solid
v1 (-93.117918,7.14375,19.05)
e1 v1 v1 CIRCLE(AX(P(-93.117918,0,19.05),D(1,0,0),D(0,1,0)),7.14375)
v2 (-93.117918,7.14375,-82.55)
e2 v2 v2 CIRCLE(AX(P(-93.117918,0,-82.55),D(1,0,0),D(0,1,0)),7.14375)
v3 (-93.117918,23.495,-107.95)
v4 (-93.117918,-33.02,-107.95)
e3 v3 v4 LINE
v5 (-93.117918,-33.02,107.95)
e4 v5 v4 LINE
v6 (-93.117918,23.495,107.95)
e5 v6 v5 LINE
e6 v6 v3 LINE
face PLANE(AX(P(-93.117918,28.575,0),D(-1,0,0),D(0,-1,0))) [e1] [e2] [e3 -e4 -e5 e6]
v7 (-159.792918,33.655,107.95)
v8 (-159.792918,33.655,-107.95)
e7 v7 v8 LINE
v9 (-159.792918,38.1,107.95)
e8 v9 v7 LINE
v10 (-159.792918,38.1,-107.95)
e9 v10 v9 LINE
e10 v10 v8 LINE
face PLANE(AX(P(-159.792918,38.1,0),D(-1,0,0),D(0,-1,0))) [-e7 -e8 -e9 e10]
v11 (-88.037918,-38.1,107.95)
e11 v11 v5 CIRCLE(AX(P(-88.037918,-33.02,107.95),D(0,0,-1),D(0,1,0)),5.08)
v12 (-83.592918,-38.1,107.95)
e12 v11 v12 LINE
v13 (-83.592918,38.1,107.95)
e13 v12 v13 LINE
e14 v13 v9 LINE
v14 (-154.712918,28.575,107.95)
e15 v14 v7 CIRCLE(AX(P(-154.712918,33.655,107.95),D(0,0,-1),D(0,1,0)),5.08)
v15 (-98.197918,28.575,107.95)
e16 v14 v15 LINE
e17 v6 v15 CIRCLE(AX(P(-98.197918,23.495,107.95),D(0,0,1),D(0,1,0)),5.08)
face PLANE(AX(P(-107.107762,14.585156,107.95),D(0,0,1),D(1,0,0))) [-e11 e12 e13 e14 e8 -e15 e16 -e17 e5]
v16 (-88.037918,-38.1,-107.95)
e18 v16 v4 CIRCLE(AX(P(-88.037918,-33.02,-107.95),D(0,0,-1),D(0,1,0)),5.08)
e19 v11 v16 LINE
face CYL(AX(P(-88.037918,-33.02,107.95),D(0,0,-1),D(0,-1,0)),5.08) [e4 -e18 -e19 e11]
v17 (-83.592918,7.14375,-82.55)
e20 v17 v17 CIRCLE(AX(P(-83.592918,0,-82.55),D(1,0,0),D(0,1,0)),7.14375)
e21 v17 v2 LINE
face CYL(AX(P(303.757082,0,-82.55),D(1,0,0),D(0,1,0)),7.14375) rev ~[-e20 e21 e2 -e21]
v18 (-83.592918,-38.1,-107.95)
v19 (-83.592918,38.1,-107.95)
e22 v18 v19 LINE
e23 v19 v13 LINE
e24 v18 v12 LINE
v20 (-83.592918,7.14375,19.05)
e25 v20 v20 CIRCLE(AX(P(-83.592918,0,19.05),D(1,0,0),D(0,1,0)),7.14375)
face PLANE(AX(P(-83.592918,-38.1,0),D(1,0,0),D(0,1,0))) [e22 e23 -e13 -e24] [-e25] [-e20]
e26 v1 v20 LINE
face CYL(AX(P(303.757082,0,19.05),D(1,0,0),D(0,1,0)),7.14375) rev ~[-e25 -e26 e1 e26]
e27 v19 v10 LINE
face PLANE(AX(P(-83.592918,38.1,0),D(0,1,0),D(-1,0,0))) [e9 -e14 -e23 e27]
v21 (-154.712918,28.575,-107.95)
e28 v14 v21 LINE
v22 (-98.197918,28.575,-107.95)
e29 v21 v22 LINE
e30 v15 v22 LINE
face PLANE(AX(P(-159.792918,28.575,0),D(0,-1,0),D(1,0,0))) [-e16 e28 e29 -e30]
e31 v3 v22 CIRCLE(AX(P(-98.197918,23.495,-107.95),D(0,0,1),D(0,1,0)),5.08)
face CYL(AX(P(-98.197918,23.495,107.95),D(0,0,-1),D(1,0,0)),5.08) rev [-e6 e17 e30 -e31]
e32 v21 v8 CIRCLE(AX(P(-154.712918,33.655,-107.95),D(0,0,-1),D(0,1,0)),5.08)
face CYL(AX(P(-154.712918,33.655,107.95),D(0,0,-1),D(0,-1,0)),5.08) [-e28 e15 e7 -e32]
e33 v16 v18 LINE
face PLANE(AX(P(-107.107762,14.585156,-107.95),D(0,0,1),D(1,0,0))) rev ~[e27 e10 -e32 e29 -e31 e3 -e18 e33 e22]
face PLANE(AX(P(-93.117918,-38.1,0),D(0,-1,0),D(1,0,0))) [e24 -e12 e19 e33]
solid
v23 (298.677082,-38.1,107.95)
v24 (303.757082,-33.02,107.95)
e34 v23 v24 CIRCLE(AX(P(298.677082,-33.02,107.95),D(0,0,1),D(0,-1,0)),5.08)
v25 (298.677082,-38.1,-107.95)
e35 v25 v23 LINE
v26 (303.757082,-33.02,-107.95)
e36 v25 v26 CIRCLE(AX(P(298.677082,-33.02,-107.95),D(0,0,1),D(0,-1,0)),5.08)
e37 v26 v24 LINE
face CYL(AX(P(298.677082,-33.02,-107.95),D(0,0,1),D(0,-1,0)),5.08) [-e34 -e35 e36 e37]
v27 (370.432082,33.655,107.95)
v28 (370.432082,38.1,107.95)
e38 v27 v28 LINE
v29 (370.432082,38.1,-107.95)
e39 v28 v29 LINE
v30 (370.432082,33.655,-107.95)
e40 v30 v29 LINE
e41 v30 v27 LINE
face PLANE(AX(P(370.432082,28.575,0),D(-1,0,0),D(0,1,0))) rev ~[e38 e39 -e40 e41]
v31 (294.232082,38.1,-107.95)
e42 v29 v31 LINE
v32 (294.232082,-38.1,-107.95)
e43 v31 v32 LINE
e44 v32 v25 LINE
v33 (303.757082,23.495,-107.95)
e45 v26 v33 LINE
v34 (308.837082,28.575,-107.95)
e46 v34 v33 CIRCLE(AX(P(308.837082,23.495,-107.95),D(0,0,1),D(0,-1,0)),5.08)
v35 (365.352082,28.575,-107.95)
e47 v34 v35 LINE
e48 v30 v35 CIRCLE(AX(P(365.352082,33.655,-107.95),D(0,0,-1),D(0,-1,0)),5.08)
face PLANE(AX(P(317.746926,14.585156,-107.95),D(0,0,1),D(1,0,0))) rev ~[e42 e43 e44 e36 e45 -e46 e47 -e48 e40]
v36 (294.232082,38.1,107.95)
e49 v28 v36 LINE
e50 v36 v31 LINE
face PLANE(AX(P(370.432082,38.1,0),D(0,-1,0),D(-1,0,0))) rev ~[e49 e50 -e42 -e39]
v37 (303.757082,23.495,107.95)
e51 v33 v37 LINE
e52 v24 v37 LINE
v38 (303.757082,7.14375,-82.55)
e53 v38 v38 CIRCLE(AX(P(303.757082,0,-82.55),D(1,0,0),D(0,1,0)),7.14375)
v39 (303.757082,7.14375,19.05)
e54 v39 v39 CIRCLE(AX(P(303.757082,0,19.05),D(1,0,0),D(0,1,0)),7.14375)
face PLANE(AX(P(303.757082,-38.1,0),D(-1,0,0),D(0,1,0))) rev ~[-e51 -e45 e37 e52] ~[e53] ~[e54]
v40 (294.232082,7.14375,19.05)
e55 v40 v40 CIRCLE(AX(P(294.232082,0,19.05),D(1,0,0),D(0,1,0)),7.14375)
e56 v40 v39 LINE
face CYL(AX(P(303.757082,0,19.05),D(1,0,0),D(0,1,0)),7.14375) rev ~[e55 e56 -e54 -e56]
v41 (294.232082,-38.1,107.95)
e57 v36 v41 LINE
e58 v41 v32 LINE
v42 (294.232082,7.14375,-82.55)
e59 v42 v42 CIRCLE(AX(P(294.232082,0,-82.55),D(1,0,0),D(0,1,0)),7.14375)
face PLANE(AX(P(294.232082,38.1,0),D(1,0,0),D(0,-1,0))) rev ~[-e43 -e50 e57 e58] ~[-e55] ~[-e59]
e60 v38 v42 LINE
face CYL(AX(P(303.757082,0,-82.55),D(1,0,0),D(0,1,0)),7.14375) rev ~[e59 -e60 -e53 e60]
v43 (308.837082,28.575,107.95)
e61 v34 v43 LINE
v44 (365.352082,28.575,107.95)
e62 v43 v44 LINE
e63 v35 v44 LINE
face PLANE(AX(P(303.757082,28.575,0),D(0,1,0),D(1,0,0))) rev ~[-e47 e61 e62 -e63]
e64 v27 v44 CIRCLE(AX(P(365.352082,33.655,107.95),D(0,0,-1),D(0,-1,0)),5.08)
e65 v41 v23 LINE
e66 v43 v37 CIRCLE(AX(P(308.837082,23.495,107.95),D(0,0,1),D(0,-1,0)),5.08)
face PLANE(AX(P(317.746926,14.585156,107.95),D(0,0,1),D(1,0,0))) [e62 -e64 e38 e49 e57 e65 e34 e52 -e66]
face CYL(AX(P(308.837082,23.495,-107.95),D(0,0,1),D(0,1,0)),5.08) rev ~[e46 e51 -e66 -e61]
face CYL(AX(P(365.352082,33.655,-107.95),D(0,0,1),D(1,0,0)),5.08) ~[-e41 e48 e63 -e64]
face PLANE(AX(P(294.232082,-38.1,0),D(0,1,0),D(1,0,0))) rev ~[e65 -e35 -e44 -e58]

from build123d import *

# Parameters (mm, degrees)
F1_DEPTH = 107.95
F2_R     = 5.08
F3_R     = 7.14375
F4_DEPTH = 408.94
F5_R     = 7.14375
F6_DEPTH = 25.4


with BuildPart() as f1:
    # F0 (on Top) → F1 (new body, symmetric)
    with BuildSketch(Plane.XY):
        Polygon((294.232082, -38.1), (303.757082, -38.1), (303.757082, 28.575), (370.432082, 28.575), (370.432082, 38.1), (294.232082, 38.1), align=None)
        Polygon((-93.117918, -38.1), (-83.592918, -38.1), (-83.592918, 38.1), (-159.792918, 38.1), (-159.792918, 28.575), (-93.117918, 28.575), align=None)
    extrude(amount=F1_DEPTH, both=True)

    # F2
    f2_edges = [f1.edges().sort_by_distance(p)[0] for p in [
        (-159.792918, 28.575, 0),
        (-93.117918, 28.575, 0),
        (-93.117918, -38.1, 0),
        (303.757082, -38.1, 0),
        (303.757082, 28.575, 0),
        (370.432082, 28.575, 0),
    ]]
    fillet(f2_edges, radius=F2_R)

    # F3 (on face) → F4 (cut, symmetric)
    with BuildSketch(Plane.YZ.offset(303.757082)):
        with Locations((0, -82.55)):
            Circle(F3_R)
        with Locations((0, 19.05)):
            Circle(F3_R)
    extrude(amount=F4_DEPTH, both=True, mode=Mode.SUBTRACT)

    # F5 (on face) → F6 (cut)
    with BuildSketch(Plane.YZ.offset(-83.592918)):
        with Locations((0, -82.55)):
            Circle(F5_R)
        with Locations((0, 19.05)):
            Circle(F5_R)
    extrude(amount=-F6_DEPTH, mode=Mode.SUBTRACT)


solid = f1.part
